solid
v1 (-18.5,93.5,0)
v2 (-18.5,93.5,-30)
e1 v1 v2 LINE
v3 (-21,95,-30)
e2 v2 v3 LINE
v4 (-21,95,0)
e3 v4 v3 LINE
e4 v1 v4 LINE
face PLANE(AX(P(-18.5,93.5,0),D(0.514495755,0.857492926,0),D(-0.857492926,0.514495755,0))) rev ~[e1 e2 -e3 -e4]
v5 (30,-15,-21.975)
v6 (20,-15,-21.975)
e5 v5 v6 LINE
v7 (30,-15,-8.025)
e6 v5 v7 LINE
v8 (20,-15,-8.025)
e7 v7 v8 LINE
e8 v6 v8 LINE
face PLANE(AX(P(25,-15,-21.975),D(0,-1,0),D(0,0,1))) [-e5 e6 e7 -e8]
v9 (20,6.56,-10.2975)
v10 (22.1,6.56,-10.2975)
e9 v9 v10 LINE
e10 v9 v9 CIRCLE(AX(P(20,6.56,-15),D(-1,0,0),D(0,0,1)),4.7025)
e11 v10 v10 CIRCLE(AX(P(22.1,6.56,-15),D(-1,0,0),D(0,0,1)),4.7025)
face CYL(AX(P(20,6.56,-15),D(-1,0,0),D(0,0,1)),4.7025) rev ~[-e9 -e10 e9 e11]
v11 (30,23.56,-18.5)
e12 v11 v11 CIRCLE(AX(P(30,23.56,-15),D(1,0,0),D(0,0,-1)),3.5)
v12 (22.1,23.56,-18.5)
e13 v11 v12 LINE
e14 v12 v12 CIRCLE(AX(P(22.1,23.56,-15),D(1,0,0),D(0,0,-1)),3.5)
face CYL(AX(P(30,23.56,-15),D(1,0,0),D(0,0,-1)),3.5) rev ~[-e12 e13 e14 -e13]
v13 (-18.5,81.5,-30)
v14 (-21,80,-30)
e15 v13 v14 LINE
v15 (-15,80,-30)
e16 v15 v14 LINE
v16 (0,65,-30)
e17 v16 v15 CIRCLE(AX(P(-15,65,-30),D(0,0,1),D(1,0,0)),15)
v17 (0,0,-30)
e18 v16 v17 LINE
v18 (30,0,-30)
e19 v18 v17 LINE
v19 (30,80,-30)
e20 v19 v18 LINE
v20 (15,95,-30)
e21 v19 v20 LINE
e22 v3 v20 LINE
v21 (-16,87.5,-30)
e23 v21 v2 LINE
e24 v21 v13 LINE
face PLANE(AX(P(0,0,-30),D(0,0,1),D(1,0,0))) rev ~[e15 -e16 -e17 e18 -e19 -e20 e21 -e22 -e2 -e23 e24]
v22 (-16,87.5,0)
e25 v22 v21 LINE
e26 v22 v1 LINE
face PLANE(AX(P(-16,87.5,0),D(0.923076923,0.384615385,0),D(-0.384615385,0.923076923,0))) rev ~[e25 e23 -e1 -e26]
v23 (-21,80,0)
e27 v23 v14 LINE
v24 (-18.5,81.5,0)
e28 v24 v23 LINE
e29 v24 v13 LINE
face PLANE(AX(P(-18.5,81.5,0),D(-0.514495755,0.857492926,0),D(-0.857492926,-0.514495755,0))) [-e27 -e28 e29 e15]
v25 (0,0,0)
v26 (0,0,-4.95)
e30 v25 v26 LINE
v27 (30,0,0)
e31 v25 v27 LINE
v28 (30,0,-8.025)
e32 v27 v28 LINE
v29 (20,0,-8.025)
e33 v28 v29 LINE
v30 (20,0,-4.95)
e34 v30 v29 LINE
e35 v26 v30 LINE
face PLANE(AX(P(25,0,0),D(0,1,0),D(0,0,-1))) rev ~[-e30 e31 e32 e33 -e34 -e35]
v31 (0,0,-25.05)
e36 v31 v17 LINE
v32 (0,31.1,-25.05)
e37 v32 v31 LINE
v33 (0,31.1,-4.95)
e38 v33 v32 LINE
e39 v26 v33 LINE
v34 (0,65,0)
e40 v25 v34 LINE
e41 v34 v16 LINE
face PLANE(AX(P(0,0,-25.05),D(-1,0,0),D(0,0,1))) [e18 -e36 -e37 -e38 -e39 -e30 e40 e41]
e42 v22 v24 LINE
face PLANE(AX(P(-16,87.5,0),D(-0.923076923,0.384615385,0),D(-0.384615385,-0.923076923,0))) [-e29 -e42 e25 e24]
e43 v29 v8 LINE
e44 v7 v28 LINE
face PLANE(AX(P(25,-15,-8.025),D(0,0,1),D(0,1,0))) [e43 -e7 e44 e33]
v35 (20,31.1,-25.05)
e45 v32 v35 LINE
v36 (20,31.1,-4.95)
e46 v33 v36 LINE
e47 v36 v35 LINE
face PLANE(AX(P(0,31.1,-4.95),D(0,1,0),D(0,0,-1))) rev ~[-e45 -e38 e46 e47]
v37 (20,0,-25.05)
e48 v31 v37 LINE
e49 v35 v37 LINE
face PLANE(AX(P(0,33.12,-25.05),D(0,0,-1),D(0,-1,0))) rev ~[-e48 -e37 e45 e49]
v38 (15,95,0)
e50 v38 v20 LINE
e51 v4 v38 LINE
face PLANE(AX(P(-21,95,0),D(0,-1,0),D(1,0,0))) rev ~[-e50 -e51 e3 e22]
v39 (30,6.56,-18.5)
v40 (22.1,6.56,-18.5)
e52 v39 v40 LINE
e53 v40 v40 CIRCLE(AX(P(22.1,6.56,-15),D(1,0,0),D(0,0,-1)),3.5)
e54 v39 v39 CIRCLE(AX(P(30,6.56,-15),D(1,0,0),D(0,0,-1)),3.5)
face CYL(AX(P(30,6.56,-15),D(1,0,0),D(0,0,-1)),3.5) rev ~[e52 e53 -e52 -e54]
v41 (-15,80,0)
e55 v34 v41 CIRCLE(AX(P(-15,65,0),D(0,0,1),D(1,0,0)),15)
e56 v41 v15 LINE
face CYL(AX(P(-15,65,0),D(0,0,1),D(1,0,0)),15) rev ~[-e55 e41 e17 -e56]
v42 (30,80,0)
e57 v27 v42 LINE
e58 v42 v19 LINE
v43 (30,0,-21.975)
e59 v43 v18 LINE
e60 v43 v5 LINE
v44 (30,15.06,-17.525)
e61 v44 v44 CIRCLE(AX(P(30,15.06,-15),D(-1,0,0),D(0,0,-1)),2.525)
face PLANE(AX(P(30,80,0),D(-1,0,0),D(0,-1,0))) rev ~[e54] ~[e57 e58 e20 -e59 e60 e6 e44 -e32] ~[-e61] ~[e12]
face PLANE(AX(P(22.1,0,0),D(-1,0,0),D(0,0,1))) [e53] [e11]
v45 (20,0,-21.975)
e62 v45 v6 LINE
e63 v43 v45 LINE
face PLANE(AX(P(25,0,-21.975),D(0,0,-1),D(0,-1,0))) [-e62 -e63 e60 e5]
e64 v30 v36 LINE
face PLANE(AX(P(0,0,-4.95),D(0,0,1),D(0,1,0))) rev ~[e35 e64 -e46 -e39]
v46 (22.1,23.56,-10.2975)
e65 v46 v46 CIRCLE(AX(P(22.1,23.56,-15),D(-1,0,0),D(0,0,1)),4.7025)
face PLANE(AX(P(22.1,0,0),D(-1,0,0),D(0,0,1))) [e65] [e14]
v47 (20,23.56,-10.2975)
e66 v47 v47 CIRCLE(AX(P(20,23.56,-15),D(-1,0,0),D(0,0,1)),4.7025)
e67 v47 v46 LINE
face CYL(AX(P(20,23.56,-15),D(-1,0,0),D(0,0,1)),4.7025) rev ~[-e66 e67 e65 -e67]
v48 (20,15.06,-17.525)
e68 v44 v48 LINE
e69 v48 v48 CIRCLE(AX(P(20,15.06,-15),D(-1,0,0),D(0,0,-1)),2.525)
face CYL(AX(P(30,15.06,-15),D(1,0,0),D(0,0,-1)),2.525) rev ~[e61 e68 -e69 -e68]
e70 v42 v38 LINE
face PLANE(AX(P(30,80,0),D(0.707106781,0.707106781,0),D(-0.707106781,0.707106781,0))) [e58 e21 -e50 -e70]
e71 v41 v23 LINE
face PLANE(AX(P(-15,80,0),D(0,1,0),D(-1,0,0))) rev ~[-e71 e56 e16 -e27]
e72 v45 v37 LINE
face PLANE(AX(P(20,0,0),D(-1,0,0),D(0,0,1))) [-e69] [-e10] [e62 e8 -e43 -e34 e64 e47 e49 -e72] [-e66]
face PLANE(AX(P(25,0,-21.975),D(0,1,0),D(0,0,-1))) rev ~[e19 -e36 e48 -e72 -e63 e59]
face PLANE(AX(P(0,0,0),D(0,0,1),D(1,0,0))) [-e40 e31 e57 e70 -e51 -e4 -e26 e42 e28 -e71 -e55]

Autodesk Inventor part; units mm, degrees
ref_plane "YZ Plane" through (0, 0, 0) normal (1, 0, 0) x (0, 1, 0)
ref_plane "XZ Plane" through (0, 0, 0) normal (0, 1, 0) x (-1, 0, 0)
ref_plane "XY Plane" through (0, 0, 0) normal (0, 0, 1) x (1, 0, 0)
sketch "Sketch1" plane through (0, 0, 0) normal (0, 0, 1) x (1, 0, 0)
  line L0 (0, 0) -> (25, 0)
  line L1 (25, 0) -> (25, 40)
  line L2 (25, 40) -> (0, 40)
  line L3 (0, 40) -> (0, 0)
  dimension "d1" = 25
  dimension "d2" = 40
  dimension "d3" = 25
extrude "Extrusion1" add sketch "Sketch1" against normal blind 30
sketch "Sketch2" plane through (25, 0, 0) normal (1, 0, 0) x (0, 0, -1)
  line L0 (0, 0) -> (30, 0) projected
  circle A0 centre (15, 6.56) radius 2.46
extrude "Extrusion2" cut sketch "Sketch2" against normal blind 30
sketch "Sketch3" plane through (0, 0, 0) normal (-1, 0, 0) x (0, 0, 1)
  line L0 (0, 0) -> (-30, 0) projected
  line L1 (-25.05, 0) -> (-4.95, 0)
  line L2 (-4.95, 0) -> (-4.95, 33.12)
  line L3 (-4.95, 33.12) -> (-25.05, 33.12)
  line L4 (-25.05, 33.12) -> (-25.05, 0)
  dimension "d11" = 20.1
extrude "Extrusion3" cut sketch "Sketch3" against normal blind 20
sketch "Sketch4" plane through (0, 0, 0) normal (0, -1, 0) x (1, 0, 0)
  line L0 (20, -4.95) -> (20, -25.05) projected
  line L1 (20, -15) -> (25, -15)
  line L2 (25, 0) -> (25, -30) projected
  line L3 (20, -8.025) -> (25, -8.025)
  line L4 (25, -8.025) -> (25, -21.975)
  line L5 (25, -21.975) -> (20, -21.975)
  line L6 (20, -21.975) -> (20, -8.025)
  line L7 (20, -8.025) -> (25, -21.975) construction
  line L8 (25, -8.025) -> (20, -21.975) construction
  line L9 (25, -12.54) -> (25, -17.46) projected
  point P0 (0, 0)
  point P1 (22.5, -15)
  dimension "d14" = 13.95
extrude "Extrusion4" add sketch "Sketch4" along normal blind 15
sketch "Sketch5" plane through (20, 0, 0) normal (-1, 0, 0) x (0, 0, 1)
  circle A0 centre (-15, 6.56) radius 2.46 projected
  circle A1 centre (-15, 6.56) radius 4.7025
  circle A2 centre (-15, 6.56) radius 2.46 projected
  circle A3 centre (-15, 6.56) radius 2.46
  point P0 (0, 0)
  dimension "d17" = 9.405
extrude "Extrusion5" cut sketch "Sketch5" against normal blind 2.1
sketch "Sketch6" plane through (25, 0, 0) normal (1, 0, 0) x (0, 0, -1)
  circle A0 centre (15, 6.56) radius 4.7025 projected
  line L0 (15, 6.56) -> (15, 23.56)
  circle A1 centre (15, 23.56) radius 2.46
  point P0 (0, 0)
  dimension "d20" = 17
  dimension "d21" = 4.92
extrude "Extrusion6" cut sketch "Sketch6" against normal blind 10 contours A1
sketch "Sketch7" plane through (20, 0, 0) normal (-1, 0, 0) x (0, 0, 1)
  circle A0 centre (-15, 23.56) radius 2.46 projected
  circle A1 centre (-15, 23.56) radius 4.7025
  point P0 (0, 0)
  dimension "d24" = 9.405
extrude "Extrusion7" cut sketch "Sketch7" against normal blind 2.1
sketch "Sketch9" plane through (25, 0, 0) normal (1, 0, 0) x (0, 0, -1)
  circle A0 centre (15, 6.56) radius 2.46 projected
  circle A1 centre (15, 6.56) radius 2.46
  circle A2 centre (15, 23.56) radius 2.46 projected
  circle A3 centre (15, 23.56) radius 2.46
  line L0 (30, 40) -> (30, 0) projected
  line L1 (30, 0) -> (30, 40)
  line L2 (30, 40) -> (0, 40)
  line L3 (0, 40) -> (0, 0)
  line L4 (0, 0) -> (8.025, 0) projected
  line L5 (21.975, 0) -> (21.975, -15)
  line L6 (21.975, -15) -> (8.025, -15)
  line L7 (8.025, -15) -> (8.025, 0)
  line L8 (0, 0) -> (8.025, 0)
  line L9 (21.975, 0) -> (30, 0)
extrude "Extrusion8" add sketch "Sketch9" along normal blind 5
sketch "Sketch10" plane through (0, 40, 0) normal (0, 1, 0) x (1, 0, 0)
  line L0 (0, 30) -> (30, 30) projected
  line L1 (30, 0) -> (0, 0) projected
  line L2 (0, 30) -> (30, 30)
  line L3 (30, 30) -> (30, 0)
  line L4 (30, 0) -> (0, 0)
  line L5 (0, 0) -> (0, 30)
extrude "Extrusion9" add sketch "Sketch10" along normal blind 10
sketch "Sketch12" plane through (30, 0, 0) normal (1, 0, 0) x (0, 0, -1)
  circle A0 centre (15, 6.56) radius 2.46 projected
  line L0 (15, 6.56) -> (15, 15.06)
  circle A1 centre (15, 15.06) radius 2.525
  point P0 (0, 0)
  dimension "d31" = 8.5
  dimension "d33" = 5.05
extrude "Extrusion10" cut sketch "Sketch12" against normal blind 30 contours A1
sketch "Sketch14" plane through (0, 0, 0) normal (0, 0, 1) x (1, 0, 0)
  line L0 (30, 50) -> (0, 50) projected
  line L1 (0, 50) -> (0, 65)
  line L2 (30, 80) -> (15, 95)
  line L3 (-21, 95) -> (15, 95)
  line L4 (30, 0) -> (30, 50) projected
  line L5 (30, 80) -> (30, 50)
  arc A0 (0, 65) -> (-15, 80) centre (-15, 65) ccw
  line L6 (-15, 80) -> (-21, 80)
  line L7 (-18.5, 93.5) -> (-21, 95)
  line L8 (-18.5, 81.5) -> (-21, 80)
  line L9 (-16, 87.5) -> (-18.5, 81.5)
  line L10 (-16, 87.5) -> (-18.5, 93.5)
  point P0 (0, 0)
  point P1 (0, 80)
  dimension "d47" = 30
  dimension "d54" = 15
  dimension "d70" = 6
  dimension "d72" = 15
extrude "Extrusion12" add sketch "Sketch14" against normal blind 30
sketch "Sketch15" plane through (0, 0, -25.05) normal (-1, 0, 0) x (0, 0, 1)
  line L0 (0, 33.12) -> (20.1, 33.12) projected
  line L1 (20.1, 33.12) -> (20.1, 0) projected
  line L2 (0, 33.12) -> (20.1, 33.12)
  line L3 (20.1, 33.12) -> (20.1, 31.1)
  line L4 (20.1, 31.1) -> (0, 31.1)
  line L5 (0, 31.1) -> (0, 33.12)
  point P0 (25.05, 0)
  dimension "d57" = 2.02
extrude "Extrusion13" add sketch "Sketch15" against normal blind 20
sketch "Sketch17" plane through (30, 0, 0) normal (1, 0, 0) x (0, 0, -1)
  circle A0 centre (15, 23.56) radius 2.46 projected
  circle A1 centre (15, 23.56) radius 3.5
  circle A2 centre (15, 6.56) radius 2.46 projected
  circle A3 centre (15, 6.56) radius 3.5
  point P0 (0, 0)
  dimension "d66" = 7
  dimension "d67" = 7
extrude "Extrusion14" cut sketch "Sketch17" against normal blind 10
properties part number "10mm_x_30mm"
